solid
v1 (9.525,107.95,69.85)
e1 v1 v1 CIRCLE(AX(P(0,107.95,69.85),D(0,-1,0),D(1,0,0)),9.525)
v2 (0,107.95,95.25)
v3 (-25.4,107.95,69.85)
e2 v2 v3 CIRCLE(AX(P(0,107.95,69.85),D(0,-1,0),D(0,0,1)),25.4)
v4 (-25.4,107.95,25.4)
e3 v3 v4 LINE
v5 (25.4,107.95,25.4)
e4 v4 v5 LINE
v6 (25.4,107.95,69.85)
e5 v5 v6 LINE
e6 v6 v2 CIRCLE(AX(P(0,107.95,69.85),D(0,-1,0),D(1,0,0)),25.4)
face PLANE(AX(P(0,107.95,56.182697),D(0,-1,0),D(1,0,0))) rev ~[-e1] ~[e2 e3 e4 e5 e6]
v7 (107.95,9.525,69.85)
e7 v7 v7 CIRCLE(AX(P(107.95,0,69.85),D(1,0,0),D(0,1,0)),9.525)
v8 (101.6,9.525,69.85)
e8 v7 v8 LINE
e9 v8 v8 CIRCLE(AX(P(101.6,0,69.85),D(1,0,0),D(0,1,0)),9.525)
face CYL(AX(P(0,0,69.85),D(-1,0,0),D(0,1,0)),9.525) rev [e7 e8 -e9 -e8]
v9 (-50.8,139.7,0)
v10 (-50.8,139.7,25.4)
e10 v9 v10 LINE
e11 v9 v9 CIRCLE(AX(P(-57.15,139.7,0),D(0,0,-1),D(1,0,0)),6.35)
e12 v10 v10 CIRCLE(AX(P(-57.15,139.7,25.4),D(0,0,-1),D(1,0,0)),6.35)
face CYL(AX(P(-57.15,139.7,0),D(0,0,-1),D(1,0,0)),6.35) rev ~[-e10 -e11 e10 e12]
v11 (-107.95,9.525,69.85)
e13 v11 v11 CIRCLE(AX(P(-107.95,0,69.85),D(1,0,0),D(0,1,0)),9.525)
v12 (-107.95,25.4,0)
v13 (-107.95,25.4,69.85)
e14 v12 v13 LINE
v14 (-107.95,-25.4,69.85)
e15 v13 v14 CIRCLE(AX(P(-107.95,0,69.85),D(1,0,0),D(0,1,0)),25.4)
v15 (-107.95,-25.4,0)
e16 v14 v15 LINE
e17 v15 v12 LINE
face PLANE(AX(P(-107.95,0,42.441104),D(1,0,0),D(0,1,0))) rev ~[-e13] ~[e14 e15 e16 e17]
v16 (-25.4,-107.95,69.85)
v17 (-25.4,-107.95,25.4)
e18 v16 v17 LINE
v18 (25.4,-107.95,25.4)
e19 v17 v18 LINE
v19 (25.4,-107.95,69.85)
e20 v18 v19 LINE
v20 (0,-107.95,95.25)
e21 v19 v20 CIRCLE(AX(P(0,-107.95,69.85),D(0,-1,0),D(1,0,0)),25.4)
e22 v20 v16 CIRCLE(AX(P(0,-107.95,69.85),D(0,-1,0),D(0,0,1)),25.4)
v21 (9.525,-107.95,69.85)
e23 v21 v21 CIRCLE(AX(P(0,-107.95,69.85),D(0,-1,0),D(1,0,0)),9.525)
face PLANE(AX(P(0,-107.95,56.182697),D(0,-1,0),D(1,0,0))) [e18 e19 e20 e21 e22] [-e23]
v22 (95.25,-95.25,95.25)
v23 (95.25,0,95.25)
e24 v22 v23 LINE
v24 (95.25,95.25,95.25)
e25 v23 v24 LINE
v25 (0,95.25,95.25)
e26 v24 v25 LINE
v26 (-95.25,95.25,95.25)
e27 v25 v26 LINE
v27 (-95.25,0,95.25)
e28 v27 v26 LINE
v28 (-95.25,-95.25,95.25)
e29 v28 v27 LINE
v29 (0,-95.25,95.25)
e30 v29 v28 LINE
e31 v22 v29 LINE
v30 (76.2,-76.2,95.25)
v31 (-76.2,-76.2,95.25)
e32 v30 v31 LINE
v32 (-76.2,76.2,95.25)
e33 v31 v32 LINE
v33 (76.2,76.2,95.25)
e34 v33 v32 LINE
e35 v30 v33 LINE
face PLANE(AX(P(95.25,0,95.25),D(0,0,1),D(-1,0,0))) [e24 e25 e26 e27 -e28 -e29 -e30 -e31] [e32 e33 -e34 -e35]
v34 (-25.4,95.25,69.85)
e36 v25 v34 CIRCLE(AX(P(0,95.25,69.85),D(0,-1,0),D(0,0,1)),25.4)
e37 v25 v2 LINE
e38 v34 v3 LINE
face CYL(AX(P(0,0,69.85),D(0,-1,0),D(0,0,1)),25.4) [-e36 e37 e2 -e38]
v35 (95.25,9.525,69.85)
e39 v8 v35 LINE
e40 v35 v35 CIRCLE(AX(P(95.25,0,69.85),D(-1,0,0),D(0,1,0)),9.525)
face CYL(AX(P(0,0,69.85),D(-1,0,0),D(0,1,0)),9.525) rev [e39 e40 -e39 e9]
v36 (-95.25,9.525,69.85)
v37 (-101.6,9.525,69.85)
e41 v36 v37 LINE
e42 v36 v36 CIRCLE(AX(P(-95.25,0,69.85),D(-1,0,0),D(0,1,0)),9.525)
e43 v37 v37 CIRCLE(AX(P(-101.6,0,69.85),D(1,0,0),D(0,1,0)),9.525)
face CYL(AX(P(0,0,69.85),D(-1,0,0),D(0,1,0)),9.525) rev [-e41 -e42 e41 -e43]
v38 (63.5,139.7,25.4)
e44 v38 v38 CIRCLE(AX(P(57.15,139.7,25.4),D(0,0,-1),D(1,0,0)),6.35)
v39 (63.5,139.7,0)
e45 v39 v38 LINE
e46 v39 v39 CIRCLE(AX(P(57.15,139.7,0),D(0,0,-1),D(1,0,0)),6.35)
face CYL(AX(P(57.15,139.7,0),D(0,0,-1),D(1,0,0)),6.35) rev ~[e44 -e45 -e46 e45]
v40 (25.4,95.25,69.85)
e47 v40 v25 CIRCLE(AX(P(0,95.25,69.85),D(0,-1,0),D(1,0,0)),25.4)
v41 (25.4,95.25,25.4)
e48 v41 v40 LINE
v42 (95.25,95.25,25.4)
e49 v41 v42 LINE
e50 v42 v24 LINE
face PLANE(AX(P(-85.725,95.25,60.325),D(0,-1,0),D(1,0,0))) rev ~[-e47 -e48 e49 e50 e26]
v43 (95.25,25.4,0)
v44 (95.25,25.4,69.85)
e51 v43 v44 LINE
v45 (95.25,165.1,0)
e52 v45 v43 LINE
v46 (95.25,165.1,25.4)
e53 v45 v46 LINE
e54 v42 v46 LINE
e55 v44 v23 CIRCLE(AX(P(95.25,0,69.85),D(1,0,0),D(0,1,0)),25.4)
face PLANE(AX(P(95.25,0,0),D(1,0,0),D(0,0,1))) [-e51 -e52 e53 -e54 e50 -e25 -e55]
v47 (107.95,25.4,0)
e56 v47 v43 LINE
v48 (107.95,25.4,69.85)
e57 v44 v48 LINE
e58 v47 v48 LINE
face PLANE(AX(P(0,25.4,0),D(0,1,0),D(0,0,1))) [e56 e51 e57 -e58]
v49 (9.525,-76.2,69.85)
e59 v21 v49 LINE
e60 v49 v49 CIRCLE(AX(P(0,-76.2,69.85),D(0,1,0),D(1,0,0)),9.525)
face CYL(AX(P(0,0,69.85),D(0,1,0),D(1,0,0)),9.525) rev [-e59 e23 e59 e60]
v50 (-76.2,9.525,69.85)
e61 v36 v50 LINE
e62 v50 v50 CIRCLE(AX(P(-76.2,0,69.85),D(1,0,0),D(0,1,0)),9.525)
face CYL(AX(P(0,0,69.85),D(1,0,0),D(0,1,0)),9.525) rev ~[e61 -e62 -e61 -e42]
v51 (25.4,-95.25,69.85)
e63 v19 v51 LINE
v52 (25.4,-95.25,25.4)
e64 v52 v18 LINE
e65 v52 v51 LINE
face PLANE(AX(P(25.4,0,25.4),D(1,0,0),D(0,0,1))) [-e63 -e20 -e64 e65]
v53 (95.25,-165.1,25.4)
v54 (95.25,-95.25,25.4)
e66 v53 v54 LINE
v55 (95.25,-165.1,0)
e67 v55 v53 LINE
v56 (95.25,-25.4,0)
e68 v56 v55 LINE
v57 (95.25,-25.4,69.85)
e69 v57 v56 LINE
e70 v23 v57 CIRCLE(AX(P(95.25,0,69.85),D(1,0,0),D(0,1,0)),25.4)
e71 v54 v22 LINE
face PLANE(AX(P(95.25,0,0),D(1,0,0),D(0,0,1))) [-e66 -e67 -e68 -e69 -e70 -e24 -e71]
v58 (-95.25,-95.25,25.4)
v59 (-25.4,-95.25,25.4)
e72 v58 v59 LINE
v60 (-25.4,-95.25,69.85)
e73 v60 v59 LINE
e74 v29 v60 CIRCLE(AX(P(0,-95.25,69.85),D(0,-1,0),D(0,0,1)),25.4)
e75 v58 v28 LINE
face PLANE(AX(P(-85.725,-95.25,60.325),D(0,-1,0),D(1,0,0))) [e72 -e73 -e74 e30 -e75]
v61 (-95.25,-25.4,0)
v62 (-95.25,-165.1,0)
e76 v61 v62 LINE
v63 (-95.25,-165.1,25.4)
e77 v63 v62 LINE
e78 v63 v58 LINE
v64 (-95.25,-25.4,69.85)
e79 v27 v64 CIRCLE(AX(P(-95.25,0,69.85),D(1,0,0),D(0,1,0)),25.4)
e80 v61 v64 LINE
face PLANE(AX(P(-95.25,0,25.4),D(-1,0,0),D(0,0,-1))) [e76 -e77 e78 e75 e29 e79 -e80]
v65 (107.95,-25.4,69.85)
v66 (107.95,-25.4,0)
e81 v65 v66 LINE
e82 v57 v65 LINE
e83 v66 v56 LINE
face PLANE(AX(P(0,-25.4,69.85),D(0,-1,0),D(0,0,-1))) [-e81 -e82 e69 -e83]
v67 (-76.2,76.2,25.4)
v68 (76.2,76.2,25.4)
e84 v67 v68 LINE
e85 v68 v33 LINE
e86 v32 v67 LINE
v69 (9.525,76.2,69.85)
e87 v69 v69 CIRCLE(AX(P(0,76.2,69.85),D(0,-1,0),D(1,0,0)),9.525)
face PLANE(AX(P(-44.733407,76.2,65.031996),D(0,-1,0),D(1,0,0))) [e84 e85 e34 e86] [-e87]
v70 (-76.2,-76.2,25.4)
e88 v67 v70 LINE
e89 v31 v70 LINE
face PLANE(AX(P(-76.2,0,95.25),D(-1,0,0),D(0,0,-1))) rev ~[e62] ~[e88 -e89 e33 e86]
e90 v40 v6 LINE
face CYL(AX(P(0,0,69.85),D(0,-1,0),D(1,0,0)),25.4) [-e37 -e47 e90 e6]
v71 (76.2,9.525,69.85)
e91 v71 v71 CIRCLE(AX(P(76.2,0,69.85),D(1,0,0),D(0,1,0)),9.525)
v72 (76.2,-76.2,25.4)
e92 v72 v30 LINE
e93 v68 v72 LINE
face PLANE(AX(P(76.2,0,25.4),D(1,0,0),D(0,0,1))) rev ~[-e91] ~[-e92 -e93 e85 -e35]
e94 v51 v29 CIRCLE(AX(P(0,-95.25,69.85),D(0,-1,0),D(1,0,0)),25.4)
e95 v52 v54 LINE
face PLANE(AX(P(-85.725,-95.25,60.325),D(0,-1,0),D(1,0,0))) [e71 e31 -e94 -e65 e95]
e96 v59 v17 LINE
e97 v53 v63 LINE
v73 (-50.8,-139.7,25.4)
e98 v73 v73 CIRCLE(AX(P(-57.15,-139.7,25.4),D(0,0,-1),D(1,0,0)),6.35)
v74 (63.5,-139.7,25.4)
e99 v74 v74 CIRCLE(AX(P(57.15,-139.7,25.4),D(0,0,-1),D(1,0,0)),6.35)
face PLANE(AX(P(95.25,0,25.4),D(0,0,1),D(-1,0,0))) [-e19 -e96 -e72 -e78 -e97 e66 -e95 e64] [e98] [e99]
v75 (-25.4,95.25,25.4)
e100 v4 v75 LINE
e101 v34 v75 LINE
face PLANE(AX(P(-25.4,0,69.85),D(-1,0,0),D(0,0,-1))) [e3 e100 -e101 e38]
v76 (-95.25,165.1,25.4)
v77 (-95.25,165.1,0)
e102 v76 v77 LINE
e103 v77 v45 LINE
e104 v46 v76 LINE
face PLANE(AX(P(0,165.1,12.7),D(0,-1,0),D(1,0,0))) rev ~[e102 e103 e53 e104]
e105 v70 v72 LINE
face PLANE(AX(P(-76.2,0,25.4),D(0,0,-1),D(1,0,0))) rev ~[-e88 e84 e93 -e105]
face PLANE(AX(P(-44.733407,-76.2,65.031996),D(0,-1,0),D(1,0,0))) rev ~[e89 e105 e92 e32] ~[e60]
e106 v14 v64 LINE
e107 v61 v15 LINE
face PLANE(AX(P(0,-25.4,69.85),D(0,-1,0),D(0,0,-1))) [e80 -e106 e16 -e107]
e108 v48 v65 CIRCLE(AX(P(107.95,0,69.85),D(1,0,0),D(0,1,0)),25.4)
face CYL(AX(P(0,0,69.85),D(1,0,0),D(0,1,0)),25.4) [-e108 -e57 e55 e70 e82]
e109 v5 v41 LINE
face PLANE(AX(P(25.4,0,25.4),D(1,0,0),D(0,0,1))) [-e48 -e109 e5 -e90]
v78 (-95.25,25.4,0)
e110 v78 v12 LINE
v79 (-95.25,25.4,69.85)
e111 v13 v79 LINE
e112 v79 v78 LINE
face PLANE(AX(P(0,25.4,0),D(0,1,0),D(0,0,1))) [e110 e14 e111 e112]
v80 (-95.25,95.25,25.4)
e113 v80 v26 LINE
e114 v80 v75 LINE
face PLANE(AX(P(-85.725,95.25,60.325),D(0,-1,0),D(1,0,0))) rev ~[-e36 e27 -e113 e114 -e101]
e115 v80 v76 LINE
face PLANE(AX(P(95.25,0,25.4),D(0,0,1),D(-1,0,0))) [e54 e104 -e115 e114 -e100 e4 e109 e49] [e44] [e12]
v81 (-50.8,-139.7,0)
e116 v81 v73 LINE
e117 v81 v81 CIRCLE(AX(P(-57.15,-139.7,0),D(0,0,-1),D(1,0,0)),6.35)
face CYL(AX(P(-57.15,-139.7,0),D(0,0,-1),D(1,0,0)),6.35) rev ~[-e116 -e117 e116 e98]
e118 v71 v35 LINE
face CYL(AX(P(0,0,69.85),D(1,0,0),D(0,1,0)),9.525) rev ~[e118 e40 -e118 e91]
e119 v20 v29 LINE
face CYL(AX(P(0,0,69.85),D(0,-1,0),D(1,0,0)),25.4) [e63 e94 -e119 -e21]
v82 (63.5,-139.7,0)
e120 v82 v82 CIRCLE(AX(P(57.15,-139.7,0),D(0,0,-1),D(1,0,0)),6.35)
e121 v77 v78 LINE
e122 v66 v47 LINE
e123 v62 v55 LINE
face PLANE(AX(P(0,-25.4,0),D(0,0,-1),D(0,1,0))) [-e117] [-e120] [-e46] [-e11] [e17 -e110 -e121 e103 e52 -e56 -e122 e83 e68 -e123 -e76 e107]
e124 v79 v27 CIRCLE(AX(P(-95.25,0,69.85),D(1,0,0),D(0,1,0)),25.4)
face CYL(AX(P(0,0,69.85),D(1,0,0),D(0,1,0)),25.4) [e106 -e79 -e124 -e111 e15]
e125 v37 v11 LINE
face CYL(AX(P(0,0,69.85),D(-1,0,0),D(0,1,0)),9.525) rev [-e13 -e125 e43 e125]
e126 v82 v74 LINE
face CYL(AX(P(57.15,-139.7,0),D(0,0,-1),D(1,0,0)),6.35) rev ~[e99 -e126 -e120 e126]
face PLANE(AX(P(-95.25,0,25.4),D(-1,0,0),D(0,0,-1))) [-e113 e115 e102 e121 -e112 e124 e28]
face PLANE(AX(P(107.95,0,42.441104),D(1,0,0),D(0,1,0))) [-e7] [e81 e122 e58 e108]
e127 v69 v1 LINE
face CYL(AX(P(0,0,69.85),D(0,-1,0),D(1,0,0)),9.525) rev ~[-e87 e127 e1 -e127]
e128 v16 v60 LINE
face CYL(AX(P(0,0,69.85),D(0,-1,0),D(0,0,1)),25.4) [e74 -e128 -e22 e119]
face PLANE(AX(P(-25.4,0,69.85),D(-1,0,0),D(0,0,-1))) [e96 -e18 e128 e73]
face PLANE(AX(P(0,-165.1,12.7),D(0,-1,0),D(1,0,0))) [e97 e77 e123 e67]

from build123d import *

# Parameters (mm, degrees)
F1_DEPTH = 165.1
F0_W     = 19.05
F0_H     = 69.85
F0_R     = 9.525
F2_DEPTH = 95.25
F3_DEPTH = 107.95
F4_R     = 9.525
F5_DEPTH = 107.95
F6_DEPTH = 76.2
F7_DEPTH = 101.6
F8_R     = 6.35
F9_DEPTH = 95.251


with BuildPart() as f1:
    # F0 (on Front) → F1 (new body, symmetric)
    with BuildSketch(Plane.XZ):
        Polygon((-76.2, 25.4), (-95.25, 25.4), (-95.25, 0), (95.25, 0), (95.25, 25.4), (76.2, 25.4), (25.4, 25.4), (-25.4, 25.4), align=None)
    extrude(amount=F1_DEPTH, both=True)

    # F0 (on Front) → F2 (join, symmetric)
    with BuildSketch(Plane.XZ):
        with Locations((-85.725, 60.325)):
            Rectangle(F0_W, F0_H)
        with BuildLine():
            Line((-76.2, 95.25), (-76.2, 25.4))
            Line((-76.2, 25.4), (-25.4, 25.4))
            Line((-25.4, 25.4), (-25.4, 69.85))
            ThreePointArc((-25.4, 69.85), (-17.9605122421, 87.8105122421), (0, 95.25))
            Line((0, 95.25), (-76.2, 95.25))
        make_face()
        with BuildLine():
            Line((-25.4, 69.85), (-25.4, 25.4))
            Line((-25.4, 25.4), (25.4, 25.4))
            Line((25.4, 25.4), (25.4, 69.85))
            ThreePointArc((25.4, 69.85), (17.9605122421, 87.8105122421), (0, 95.25))
            ThreePointArc((0, 95.25), (-17.9605122421, 87.8105122421), (-25.4, 69.85))
        make_face()
        with Locations((0, 69.85)):
            Circle(F0_R, mode=Mode.SUBTRACT)
        with BuildLine():
            Line((25.4, 69.85), (25.4, 25.4))
            Line((25.4, 25.4), (76.2, 25.4))
            Line((76.2, 25.4), (76.2, 95.25))
            Line((76.2, 95.25), (0, 95.25))
            ThreePointArc((0, 95.25), (17.9605122421, 87.8105122421), (25.4, 69.85))
        make_face()
        with Locations((85.725, 60.325)):
            Rectangle(F0_W, F0_H)
    extrude(amount=F2_DEPTH, both=True)

    # F0 (on Front) → F3 (join, symmetric)
    with BuildSketch(Plane.XZ):
        with BuildLine():
            Line((-25.4, 69.85), (-25.4, 25.4))
            Line((-25.4, 25.4), (25.4, 25.4))
            Line((25.4, 25.4), (25.4, 69.85))
            ThreePointArc((25.4, 69.85), (17.9605122421, 87.8105122421), (0, 95.25))
            ThreePointArc((0, 95.25), (-17.9605122421, 87.8105122421), (-25.4, 69.85))
        make_face()
        with Locations((0, 69.85)):
            Circle(F0_R, mode=Mode.SUBTRACT)
    extrude(amount=F3_DEPTH, both=True)

    # F4 (on Right) → F5 (join, symmetric)
    with BuildSketch(Plane.YZ):
        with BuildLine():
            Line((25.4, 0), (25.4, 69.85))
            ThreePointArc((25.4, 69.85), (0, 95.25), (-25.4, 69.85))
            Line((-25.4, 69.85), (-25.4, 0))
            Line((-25.4, 0), (25.4, 0))
        make_face()
        with Locations((0, 69.85)):
            Circle(F4_R, mode=Mode.SUBTRACT)
    extrude(amount=F5_DEPTH, both=True)

    # F0 (on Front) → F6 (cut, symmetric)
    with BuildSketch(Plane.XZ):
        with BuildLine():
            Line((-76.2, 95.25), (-76.2, 25.4))
            Line((-76.2, 25.4), (-25.4, 25.4))
            Line((-25.4, 25.4), (-25.4, 69.85))
            ThreePointArc((-25.4, 69.85), (-17.9605122421, 87.8105122421), (0, 95.25))
            Line((0, 95.25), (-76.2, 95.25))
        make_face()
        with BuildLine():
            Line((-25.4, 69.85), (-25.4, 25.4))
            Line((-25.4, 25.4), (25.4, 25.4))
            Line((25.4, 25.4), (25.4, 69.85))
            ThreePointArc((25.4, 69.85), (17.9605122421, 87.8105122421), (0, 95.25))
            ThreePointArc((0, 95.25), (-17.9605122421, 87.8105122421), (-25.4, 69.85))
        make_face()
        with Locations((0, 69.85)):
            Circle(F0_R, mode=Mode.SUBTRACT)
        with BuildLine():
            Line((25.4, 69.85), (25.4, 25.4))
            Line((25.4, 25.4), (76.2, 25.4))
            Line((76.2, 25.4), (76.2, 95.25))
            Line((76.2, 95.25), (0, 95.25))
            ThreePointArc((0, 95.25), (17.9605122421, 87.8105122421), (25.4, 69.85))
        make_face()
        with Locations((0, 69.85)):
            Circle(F0_R)
    extrude(amount=F6_DEPTH, both=True, mode=Mode.SUBTRACT)

    # F4 (on Right) → F7 (cut, symmetric)
    with BuildSketch(Plane.YZ):
        with Locations((0, 69.85)):
            Circle(F4_R)
    extrude(amount=F7_DEPTH, both=True, mode=Mode.SUBTRACT)

    # F8 (on face) → F9 (cut, through all)
    with BuildSketch(Plane(origin=(0, 0, 0), x_dir=(1, 0, 0), z_dir=(0, 0, -1))):
        with Locations((-57.15, 139.7)):
            Circle(F8_R)
        with Locations((57.15, 139.7)):
            Circle(F8_R)
        with Locations((57.15, -139.7)):
            Circle(F8_R)
        with Locations((-57.15, -139.7)):
            Circle(F8_R)
    extrude(amount=-F9_DEPTH, mode=Mode.SUBTRACT)


solid = f1.part
